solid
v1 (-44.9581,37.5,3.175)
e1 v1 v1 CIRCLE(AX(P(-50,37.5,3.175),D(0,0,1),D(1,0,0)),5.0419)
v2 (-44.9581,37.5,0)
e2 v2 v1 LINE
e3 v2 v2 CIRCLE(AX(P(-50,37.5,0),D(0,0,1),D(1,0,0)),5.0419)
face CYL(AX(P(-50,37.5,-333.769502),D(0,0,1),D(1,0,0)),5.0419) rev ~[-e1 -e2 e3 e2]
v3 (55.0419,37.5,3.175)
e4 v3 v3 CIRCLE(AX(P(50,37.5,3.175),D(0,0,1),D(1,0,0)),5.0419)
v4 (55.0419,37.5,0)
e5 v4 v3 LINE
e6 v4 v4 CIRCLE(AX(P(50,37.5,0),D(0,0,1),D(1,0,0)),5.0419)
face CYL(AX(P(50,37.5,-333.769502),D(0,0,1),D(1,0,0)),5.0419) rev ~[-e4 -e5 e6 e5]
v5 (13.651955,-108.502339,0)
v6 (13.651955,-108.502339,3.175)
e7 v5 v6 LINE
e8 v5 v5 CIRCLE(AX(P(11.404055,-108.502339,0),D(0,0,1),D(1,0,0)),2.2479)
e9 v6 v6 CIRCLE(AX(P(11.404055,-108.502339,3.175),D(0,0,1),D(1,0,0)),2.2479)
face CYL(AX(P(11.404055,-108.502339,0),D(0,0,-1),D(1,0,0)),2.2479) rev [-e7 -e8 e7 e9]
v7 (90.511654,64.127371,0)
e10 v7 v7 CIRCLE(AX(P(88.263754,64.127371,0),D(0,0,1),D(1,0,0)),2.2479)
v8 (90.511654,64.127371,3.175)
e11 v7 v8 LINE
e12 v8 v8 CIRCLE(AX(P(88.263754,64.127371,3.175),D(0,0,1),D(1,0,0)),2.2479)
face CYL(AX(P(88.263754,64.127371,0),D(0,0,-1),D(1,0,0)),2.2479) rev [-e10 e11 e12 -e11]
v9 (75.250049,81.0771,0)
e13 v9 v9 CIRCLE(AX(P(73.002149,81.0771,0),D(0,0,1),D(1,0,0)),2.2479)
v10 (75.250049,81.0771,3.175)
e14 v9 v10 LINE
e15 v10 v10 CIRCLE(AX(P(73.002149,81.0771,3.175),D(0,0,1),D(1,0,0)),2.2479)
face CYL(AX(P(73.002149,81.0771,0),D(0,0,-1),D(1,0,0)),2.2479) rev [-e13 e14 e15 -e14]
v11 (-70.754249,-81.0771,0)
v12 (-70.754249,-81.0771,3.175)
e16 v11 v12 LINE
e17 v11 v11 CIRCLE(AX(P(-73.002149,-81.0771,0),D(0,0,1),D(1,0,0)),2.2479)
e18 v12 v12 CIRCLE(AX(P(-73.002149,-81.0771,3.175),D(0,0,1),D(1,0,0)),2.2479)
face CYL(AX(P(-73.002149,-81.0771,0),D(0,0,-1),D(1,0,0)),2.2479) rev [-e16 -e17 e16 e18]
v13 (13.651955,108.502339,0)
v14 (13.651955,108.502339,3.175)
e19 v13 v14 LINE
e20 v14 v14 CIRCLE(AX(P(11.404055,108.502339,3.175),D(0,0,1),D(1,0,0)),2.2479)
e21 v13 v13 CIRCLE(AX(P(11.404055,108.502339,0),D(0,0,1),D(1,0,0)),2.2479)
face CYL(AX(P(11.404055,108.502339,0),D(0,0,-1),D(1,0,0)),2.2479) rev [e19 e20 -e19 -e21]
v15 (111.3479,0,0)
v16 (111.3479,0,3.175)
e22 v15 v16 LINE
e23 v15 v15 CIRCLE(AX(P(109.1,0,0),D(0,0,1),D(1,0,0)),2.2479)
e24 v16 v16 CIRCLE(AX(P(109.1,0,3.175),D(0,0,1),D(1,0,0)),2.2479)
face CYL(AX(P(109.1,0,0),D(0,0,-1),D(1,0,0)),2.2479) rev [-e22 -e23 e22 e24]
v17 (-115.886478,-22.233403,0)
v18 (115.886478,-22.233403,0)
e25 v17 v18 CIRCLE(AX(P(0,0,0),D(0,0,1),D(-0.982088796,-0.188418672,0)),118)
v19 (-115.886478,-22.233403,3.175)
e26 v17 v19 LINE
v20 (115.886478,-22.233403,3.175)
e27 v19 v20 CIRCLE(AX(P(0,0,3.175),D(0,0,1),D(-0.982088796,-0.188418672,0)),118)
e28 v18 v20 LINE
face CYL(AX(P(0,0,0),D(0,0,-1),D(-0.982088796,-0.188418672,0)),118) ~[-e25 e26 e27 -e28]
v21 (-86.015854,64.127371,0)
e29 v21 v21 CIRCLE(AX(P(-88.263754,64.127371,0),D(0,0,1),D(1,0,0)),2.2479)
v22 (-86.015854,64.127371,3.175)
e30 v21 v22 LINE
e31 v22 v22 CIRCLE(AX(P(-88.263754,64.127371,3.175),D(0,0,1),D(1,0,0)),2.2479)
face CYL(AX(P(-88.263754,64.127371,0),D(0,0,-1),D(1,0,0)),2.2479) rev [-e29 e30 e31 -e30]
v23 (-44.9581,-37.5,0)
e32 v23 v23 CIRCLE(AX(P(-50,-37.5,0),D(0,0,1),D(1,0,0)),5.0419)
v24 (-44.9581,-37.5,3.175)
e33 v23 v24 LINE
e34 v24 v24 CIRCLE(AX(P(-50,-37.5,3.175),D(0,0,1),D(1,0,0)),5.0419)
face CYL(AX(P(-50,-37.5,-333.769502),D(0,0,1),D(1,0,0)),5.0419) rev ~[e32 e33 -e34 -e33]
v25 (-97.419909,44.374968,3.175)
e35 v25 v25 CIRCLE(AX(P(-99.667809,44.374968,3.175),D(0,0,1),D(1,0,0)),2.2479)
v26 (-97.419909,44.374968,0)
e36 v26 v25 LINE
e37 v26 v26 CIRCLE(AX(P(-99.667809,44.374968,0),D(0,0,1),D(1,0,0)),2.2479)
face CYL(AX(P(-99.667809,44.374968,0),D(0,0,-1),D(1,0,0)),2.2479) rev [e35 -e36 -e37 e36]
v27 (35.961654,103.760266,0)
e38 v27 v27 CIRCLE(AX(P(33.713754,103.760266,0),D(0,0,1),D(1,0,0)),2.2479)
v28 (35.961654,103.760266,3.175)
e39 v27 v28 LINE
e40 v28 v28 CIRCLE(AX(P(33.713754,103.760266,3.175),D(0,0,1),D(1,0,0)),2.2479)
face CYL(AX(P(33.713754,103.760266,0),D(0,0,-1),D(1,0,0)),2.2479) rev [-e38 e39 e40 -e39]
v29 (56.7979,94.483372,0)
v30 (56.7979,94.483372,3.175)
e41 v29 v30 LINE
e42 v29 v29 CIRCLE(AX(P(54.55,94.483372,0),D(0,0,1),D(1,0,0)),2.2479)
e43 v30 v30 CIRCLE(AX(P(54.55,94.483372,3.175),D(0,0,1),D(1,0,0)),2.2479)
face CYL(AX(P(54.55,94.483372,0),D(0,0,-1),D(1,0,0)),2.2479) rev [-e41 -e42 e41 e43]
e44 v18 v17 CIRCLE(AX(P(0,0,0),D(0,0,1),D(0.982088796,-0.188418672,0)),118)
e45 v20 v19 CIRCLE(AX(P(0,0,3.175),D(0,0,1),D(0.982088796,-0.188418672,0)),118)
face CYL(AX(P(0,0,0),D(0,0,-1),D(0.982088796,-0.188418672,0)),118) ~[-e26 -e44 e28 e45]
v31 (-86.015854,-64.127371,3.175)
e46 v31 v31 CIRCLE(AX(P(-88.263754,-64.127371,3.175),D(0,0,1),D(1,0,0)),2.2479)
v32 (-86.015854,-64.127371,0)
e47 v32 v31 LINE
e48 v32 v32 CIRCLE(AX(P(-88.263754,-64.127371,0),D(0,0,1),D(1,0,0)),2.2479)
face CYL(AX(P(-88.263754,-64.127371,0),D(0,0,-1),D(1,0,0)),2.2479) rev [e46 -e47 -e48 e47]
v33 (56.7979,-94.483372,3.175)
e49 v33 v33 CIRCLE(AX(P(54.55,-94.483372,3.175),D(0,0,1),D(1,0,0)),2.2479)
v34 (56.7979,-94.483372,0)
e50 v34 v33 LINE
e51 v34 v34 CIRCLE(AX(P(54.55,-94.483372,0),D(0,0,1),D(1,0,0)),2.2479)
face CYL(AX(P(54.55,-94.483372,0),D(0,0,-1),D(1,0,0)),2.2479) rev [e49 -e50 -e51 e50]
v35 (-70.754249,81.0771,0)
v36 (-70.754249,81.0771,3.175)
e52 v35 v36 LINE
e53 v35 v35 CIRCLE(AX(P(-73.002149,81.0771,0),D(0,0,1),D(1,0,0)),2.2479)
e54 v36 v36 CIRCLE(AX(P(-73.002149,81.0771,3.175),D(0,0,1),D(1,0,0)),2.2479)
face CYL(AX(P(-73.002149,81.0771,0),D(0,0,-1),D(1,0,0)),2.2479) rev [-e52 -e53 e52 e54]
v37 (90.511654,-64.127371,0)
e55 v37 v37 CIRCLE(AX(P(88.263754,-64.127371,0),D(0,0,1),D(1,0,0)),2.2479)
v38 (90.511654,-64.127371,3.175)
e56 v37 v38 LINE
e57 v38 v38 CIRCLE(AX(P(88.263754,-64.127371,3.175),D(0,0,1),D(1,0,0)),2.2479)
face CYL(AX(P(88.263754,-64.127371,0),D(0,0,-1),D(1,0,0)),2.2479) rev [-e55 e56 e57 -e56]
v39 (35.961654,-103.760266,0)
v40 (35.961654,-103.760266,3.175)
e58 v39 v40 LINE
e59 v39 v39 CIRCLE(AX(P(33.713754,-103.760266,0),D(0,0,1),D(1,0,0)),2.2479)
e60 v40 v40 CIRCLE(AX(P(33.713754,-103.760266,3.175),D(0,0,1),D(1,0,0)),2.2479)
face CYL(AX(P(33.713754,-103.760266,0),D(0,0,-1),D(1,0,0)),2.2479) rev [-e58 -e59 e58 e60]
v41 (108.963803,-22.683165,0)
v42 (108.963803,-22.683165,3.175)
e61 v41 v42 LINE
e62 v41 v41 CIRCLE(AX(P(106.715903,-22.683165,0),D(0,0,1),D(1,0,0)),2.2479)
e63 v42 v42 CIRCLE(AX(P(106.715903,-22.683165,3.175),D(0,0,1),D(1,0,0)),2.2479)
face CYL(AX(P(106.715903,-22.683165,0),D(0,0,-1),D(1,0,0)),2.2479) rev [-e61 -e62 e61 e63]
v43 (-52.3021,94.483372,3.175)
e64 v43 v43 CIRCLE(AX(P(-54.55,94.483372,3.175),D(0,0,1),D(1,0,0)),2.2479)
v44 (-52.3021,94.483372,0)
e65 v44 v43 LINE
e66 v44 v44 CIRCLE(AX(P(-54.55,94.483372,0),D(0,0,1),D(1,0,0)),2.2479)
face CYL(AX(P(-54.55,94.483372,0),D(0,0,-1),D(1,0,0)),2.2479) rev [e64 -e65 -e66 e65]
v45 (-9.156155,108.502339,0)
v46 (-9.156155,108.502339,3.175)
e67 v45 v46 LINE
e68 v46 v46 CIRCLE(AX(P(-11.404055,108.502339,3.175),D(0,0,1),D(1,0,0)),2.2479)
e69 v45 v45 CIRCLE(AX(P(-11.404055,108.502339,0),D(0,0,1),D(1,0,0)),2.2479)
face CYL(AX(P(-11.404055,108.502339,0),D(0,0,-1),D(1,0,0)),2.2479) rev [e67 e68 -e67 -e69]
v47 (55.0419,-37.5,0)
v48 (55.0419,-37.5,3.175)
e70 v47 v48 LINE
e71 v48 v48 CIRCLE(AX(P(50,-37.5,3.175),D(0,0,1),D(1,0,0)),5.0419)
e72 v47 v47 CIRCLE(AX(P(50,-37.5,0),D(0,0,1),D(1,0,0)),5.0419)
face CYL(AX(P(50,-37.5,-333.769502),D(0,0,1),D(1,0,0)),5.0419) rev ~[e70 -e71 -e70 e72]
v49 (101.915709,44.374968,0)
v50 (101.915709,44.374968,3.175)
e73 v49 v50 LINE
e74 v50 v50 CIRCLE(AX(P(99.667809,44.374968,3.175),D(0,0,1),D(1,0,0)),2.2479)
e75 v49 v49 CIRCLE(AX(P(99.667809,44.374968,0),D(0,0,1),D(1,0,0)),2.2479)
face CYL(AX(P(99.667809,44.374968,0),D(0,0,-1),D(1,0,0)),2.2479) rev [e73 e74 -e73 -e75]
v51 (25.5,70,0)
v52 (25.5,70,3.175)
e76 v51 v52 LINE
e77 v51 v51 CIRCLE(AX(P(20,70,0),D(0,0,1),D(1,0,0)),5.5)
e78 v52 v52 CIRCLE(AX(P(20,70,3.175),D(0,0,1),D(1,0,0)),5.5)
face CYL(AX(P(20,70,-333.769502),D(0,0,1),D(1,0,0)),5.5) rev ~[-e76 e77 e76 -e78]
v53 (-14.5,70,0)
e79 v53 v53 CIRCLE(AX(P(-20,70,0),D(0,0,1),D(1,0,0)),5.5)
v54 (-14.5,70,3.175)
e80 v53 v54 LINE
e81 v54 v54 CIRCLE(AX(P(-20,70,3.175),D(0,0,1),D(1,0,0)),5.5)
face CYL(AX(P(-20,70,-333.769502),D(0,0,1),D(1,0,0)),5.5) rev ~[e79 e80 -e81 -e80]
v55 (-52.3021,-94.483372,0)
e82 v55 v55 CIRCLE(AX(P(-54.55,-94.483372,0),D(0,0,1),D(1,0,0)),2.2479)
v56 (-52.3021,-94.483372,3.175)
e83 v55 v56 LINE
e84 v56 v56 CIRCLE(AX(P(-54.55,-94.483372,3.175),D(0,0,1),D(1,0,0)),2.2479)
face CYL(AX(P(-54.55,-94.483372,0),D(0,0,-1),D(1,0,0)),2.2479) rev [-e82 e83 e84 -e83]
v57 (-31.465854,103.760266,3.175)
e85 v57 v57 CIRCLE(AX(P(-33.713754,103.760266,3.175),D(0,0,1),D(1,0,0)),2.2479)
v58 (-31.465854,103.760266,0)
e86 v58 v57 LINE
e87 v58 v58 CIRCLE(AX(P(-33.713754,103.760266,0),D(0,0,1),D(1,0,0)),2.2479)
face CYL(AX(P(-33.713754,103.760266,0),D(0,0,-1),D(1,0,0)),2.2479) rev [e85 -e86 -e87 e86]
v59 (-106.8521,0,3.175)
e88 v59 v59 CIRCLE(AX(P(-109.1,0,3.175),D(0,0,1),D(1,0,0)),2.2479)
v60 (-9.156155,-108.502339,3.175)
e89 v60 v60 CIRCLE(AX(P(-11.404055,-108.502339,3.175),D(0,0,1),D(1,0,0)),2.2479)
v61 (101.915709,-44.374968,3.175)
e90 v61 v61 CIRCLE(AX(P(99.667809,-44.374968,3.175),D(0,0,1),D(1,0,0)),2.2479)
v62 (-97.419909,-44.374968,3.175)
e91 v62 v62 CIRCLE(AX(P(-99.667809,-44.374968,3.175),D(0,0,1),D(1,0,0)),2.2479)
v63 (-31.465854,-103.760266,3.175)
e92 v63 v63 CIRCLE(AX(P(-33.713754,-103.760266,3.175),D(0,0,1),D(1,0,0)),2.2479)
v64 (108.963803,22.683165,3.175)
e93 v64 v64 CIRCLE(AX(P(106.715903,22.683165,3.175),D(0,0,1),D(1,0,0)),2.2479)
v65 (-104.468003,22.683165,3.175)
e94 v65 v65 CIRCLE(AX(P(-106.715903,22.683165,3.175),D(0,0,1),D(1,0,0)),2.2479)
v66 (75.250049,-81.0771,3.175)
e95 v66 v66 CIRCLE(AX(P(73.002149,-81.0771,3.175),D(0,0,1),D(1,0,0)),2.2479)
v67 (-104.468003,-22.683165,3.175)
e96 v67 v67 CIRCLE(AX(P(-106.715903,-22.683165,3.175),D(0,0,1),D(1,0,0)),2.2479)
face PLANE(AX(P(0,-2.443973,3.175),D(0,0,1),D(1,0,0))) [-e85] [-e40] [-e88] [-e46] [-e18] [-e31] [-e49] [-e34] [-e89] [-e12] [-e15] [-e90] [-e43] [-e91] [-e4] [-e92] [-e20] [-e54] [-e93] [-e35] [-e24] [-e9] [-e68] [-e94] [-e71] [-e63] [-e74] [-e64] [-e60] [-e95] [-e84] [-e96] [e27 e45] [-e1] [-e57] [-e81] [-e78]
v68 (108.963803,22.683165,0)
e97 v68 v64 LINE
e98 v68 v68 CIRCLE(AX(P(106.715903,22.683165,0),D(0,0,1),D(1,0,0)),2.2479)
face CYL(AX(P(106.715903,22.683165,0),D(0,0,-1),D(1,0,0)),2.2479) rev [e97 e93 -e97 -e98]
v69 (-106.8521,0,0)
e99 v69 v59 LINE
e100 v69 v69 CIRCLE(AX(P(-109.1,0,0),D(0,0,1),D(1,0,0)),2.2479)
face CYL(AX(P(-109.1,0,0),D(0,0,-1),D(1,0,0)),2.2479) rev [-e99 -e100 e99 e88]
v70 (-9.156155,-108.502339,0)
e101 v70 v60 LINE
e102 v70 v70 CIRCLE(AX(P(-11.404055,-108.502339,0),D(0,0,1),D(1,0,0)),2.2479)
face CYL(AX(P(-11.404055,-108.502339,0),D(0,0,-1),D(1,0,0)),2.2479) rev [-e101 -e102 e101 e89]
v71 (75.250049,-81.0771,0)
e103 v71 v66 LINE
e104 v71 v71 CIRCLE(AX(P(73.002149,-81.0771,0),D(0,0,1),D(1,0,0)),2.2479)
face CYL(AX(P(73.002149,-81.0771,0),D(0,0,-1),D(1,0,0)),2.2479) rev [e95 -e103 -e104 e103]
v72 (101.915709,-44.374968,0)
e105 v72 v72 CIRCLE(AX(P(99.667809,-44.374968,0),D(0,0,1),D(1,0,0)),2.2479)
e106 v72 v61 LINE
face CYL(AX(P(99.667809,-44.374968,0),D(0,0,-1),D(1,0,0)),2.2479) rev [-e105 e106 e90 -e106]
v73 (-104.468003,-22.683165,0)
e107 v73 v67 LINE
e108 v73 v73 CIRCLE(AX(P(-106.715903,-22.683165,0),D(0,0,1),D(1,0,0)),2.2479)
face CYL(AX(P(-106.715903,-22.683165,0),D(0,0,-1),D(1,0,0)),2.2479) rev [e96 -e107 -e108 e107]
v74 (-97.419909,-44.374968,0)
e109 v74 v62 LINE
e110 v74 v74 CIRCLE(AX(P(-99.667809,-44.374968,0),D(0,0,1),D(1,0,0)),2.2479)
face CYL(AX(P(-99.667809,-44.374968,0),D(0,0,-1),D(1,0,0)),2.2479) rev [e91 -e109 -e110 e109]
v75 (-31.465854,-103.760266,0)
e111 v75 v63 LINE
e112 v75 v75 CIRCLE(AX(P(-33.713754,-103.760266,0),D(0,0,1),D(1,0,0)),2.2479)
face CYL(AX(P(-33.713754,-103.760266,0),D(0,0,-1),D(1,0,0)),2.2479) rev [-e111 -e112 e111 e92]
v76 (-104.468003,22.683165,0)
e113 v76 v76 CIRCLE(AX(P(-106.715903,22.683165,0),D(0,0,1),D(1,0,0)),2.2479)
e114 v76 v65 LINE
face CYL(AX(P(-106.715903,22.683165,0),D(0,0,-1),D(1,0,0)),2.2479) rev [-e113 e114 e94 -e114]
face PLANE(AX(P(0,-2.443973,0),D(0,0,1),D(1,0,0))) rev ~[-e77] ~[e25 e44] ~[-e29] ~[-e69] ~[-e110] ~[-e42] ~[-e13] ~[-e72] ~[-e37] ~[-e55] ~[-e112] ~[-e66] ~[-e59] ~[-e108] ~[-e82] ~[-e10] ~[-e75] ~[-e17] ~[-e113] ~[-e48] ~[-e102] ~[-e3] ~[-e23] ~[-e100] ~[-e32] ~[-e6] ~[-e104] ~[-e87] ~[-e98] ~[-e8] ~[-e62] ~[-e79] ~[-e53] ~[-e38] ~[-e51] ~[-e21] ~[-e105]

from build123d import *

# Parameters (mm, degrees)
SKETCH1_R              = 2.2479
BOSS_EXTRUDE1_DEPTH    = 3.175
STAND_OFF_THRU_HOLES_D = 10.0838
SENSOR_THRU_HOLES_D    = 11


with BuildPart() as part:
    # Sketch1 → Boss-Extrude1 (new body)
    with BuildSketch(Plane.XY):
        with BuildLine():
            ThreePointArc((115.886477974, -22.233403312), (0, 118), (-115.886477974, -22.233403312))
            ThreePointArc((-115.886477974, -22.233403312), (0, -118), (115.886477974, -22.233403312))
        make_face()
        with Locations((109.1, 0)):
            Circle(SKETCH1_R, mode=Mode.SUBTRACT)
        with Locations((106.71590324, -22.683165468)):
            Circle(SKETCH1_R, mode=Mode.SUBTRACT)
        with Locations((99.667809429, -44.37496776)):
            Circle(SKETCH1_R, mode=Mode.SUBTRACT)
        with Locations((88.263754086, -64.127371025)):
            Circle(SKETCH1_R, mode=Mode.SUBTRACT)
        with Locations((73.002149154, -81.07710046)):
            Circle(SKETCH1_R, mode=Mode.SUBTRACT)
        with Locations((54.55, -94.483371553)):
            Circle(SKETCH1_R, mode=Mode.SUBTRACT)
        with Locations((33.713754086, -103.760265928)):
            Circle(SKETCH1_R, mode=Mode.SUBTRACT)
        with Locations((11.404055343, -108.502338785)):
            Circle(SKETCH1_R, mode=Mode.SUBTRACT)
        with Locations((-11.404055343, -108.502338785)):
            Circle(SKETCH1_R, mode=Mode.SUBTRACT)
        with Locations((-33.713754086, -103.760265928)):
            Circle(SKETCH1_R, mode=Mode.SUBTRACT)
        with Locations((-54.55, -94.483371553)):
            Circle(SKETCH1_R, mode=Mode.SUBTRACT)
        with Locations((-73.002149154, -81.07710046)):
            Circle(SKETCH1_R, mode=Mode.SUBTRACT)
        with Locations((-88.263754086, -64.127371025)):
            Circle(SKETCH1_R, mode=Mode.SUBTRACT)
        with Locations((-99.667809429, -44.37496776)):
            Circle(SKETCH1_R, mode=Mode.SUBTRACT)
        with Locations((-106.71590324, -22.683165468)):
            Circle(SKETCH1_R, mode=Mode.SUBTRACT)
        with Locations((-109.1, 0)):
            Circle(SKETCH1_R, mode=Mode.SUBTRACT)
        with Locations((-106.71590324, 22.683165468)):
            Circle(SKETCH1_R, mode=Mode.SUBTRACT)
        with Locations((-99.667809429, 44.37496776)):
            Circle(SKETCH1_R, mode=Mode.SUBTRACT)
        with Locations((-88.263754086, 64.127371025)):
            Circle(SKETCH1_R, mode=Mode.SUBTRACT)
        with Locations((-73.002149154, 81.07710046)):
            Circle(SKETCH1_R, mode=Mode.SUBTRACT)
        with Locations((-54.55, 94.483371553)):
            Circle(SKETCH1_R, mode=Mode.SUBTRACT)
        with Locations((-33.713754086, 103.760265928)):
            Circle(SKETCH1_R, mode=Mode.SUBTRACT)
        with Locations((-11.404055343, 108.502338785)):
            Circle(SKETCH1_R, mode=Mode.SUBTRACT)
        with Locations((11.404055343, 108.502338785)):
            Circle(SKETCH1_R, mode=Mode.SUBTRACT)
        with Locations((33.713754086, 103.760265928)):
            Circle(SKETCH1_R, mode=Mode.SUBTRACT)
        with Locations((54.55, 94.483371553)):
            Circle(SKETCH1_R, mode=Mode.SUBTRACT)
        with Locations((73.002149154, 81.07710046)):
            Circle(SKETCH1_R, mode=Mode.SUBTRACT)
        with Locations((88.263754086, 64.127371025)):
            Circle(SKETCH1_R, mode=Mode.SUBTRACT)
        with Locations((99.667809429, 44.37496776)):
            Circle(SKETCH1_R, mode=Mode.SUBTRACT)
        with Locations((106.71590324, 22.683165468)):
            Circle(SKETCH1_R, mode=Mode.SUBTRACT)
    extrude(amount=BOSS_EXTRUDE1_DEPTH)

    # Stand-off Thru Holes (through all)
    with Locations(Plane(origin=(0, 0, 0), x_dir=(-1, 0, 0), z_dir=(0, 0, -1))):
        with Locations((50, -37.5), (50, 37.5), (-50, 37.5), (-50, -37.5)):
            Hole(STAND_OFF_THRU_HOLES_D / 2)

    # Sensor Thru Holes (through all)
    with Locations(Plane(origin=(20, 70, 0), x_dir=(-1, 0, 0), z_dir=(0, 0, -1))):
        with Locations((0, 0), (40, 0)):
            Hole(SENSOR_THRU_HOLES_D / 2)


solid = part.part
